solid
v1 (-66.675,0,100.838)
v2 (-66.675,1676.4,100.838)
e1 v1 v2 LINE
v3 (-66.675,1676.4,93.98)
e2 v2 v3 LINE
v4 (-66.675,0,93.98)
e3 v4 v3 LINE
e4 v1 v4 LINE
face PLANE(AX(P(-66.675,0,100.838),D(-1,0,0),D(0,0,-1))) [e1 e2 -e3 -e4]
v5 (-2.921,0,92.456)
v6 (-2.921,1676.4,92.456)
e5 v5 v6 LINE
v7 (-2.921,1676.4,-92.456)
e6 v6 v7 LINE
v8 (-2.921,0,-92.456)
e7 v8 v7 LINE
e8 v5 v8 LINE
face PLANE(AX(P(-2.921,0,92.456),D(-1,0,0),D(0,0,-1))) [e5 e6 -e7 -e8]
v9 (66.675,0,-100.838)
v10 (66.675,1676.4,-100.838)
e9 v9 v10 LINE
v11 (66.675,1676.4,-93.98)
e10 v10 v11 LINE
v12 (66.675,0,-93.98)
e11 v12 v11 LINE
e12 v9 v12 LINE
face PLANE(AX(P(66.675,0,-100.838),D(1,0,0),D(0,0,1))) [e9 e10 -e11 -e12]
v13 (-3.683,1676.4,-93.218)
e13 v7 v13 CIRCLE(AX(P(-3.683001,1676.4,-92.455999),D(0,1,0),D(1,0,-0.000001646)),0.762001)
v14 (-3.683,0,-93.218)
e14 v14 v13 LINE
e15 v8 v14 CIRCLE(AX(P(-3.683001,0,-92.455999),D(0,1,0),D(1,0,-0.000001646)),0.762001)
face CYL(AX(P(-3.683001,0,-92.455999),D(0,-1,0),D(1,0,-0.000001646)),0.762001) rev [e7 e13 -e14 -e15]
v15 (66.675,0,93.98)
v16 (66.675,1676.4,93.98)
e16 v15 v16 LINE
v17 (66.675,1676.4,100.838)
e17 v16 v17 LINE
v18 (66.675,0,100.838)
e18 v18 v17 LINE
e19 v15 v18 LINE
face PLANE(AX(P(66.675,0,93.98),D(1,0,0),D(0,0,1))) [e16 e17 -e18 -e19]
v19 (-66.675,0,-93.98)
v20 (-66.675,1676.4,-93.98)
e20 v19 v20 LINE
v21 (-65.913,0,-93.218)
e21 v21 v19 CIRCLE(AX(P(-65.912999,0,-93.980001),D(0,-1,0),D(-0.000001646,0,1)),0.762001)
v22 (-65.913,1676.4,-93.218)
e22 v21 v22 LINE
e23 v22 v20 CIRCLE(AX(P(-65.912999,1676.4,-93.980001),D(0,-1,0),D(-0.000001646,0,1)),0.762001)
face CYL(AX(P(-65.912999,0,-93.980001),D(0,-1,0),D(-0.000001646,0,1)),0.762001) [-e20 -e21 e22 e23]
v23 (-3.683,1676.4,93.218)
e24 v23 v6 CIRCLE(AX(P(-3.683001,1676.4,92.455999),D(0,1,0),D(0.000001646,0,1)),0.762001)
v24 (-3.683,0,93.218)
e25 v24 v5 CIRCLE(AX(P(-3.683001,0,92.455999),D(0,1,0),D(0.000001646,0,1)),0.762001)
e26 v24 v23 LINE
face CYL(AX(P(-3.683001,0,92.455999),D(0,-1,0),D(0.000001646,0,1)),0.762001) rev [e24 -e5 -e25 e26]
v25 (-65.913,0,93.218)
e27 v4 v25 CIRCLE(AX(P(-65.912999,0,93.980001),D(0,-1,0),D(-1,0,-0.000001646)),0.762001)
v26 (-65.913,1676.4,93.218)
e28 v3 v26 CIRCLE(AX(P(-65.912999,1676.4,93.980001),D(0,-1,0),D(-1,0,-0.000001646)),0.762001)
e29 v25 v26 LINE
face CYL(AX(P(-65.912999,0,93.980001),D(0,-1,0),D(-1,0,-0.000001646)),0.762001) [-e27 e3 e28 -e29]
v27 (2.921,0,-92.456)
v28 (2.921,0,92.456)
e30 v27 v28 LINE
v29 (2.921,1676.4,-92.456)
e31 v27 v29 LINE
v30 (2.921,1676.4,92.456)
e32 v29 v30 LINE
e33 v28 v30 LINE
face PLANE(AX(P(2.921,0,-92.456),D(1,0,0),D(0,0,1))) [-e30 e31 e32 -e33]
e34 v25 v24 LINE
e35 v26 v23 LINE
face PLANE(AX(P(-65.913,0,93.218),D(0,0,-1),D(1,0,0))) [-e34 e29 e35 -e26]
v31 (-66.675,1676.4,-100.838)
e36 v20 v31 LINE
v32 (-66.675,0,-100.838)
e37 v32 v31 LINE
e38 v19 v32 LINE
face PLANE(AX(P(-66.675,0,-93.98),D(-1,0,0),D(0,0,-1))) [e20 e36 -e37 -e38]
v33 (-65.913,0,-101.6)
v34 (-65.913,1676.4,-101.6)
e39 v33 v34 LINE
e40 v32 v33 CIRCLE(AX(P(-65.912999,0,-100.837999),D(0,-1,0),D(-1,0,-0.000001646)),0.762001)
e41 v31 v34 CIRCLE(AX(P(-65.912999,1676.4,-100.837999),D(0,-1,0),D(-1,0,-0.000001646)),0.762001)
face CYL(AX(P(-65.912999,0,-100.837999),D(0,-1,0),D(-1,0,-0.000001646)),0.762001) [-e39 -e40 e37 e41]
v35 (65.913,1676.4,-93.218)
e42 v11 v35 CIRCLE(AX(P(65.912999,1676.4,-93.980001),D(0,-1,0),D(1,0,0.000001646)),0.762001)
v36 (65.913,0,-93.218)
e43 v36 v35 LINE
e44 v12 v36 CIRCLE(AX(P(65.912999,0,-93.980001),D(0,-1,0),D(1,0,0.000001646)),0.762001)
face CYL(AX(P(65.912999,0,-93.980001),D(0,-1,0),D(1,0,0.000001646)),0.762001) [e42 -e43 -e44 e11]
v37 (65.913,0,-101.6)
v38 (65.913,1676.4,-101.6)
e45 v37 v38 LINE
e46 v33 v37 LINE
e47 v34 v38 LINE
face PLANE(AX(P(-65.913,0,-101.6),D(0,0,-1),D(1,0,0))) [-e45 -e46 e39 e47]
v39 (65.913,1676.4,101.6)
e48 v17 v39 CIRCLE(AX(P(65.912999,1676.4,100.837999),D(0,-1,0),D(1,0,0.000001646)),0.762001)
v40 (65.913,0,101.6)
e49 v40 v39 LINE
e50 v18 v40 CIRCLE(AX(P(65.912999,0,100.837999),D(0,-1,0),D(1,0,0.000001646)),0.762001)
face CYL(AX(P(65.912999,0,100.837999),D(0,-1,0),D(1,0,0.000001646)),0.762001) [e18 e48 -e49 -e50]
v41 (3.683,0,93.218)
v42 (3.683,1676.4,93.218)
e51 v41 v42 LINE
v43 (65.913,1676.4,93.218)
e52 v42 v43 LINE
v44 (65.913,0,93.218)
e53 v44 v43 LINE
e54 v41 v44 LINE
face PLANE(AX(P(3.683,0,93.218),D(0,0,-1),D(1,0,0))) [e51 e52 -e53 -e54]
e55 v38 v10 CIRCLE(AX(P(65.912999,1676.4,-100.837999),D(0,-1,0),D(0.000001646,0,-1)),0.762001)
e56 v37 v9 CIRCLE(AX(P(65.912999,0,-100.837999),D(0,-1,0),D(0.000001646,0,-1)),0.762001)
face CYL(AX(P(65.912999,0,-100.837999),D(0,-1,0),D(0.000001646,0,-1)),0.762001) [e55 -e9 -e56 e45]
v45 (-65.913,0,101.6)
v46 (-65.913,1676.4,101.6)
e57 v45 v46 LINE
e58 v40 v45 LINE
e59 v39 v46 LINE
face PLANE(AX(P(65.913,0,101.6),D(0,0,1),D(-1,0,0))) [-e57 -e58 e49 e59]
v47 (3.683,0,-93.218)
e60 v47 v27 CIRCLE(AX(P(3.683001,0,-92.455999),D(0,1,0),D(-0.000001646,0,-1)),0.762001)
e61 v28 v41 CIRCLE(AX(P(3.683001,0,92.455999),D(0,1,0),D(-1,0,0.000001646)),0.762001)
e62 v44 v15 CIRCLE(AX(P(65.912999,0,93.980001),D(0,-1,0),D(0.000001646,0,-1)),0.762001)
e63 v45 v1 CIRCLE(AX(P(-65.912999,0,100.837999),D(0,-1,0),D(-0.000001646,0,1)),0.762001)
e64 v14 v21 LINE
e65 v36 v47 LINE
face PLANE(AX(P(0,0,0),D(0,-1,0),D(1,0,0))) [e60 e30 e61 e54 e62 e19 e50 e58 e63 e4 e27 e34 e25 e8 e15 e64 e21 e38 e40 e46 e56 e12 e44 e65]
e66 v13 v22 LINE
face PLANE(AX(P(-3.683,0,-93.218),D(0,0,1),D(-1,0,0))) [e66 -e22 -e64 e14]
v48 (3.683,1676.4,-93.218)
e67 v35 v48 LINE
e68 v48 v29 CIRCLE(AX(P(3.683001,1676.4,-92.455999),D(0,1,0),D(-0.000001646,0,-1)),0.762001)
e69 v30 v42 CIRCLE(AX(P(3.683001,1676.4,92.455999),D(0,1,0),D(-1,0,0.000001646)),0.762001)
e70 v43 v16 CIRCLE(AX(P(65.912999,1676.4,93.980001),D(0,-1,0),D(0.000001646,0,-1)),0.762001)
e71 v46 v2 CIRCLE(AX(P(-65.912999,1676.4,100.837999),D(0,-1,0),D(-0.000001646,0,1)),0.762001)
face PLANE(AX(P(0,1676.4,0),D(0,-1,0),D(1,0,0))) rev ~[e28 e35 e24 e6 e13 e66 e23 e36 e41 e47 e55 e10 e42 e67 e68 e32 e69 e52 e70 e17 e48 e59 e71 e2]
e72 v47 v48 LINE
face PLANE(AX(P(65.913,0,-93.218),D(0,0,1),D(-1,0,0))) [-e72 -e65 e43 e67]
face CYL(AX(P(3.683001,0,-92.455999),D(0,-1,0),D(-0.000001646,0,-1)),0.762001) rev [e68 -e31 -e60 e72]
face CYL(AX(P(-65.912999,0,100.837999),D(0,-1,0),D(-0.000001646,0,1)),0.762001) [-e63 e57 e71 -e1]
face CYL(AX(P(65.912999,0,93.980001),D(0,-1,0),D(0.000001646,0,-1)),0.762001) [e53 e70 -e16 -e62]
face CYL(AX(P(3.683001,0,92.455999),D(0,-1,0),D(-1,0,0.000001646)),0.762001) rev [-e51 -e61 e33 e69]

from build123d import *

# Parameters (mm, degrees)
F1_DEPTH = 1676.4


with BuildPart() as f1:
    # F0 (on Front) → F1 (new body)
    with BuildSketch(Plane.XZ):
        with BuildLine():
            ThreePointArc((-66.675, 93.98), (-66.451815, 93.441185), (-65.913, 93.218))
            Line((-65.913, 93.218), (-3.683, 93.218))
            ThreePointArc((-3.683, 93.218), (-3.144185, 92.994815), (-2.921, 92.456))
            Line((-2.921, 92.456), (-2.921, -92.456))
            ThreePointArc((-2.921, -92.456), (-3.144185, -92.994815), (-3.683, -93.218))
            Line((-3.683, -93.218), (-65.913, -93.218))
            ThreePointArc((-65.913, -93.218), (-66.451815, -93.441185), (-66.675, -93.98))
            Line((-66.675, -93.98), (-66.675, -100.838))
            ThreePointArc((-66.675, -100.838), (-66.451815, -101.376815), (-65.913, -101.6))
            Line((-65.913, -101.6), (65.913, -101.6))
            ThreePointArc((65.913, -101.6), (66.451815, -101.376815), (66.675, -100.838))
            Line((66.675, -100.838), (66.675, -93.98))
            ThreePointArc((66.675, -93.98), (66.451815, -93.441185), (65.913, -93.218))
            Line((65.913, -93.218), (3.683, -93.218))
            ThreePointArc((3.683, -93.218), (3.144185, -92.994815), (2.921, -92.456))
            Line((2.921, -92.456), (2.921, 92.456))
            ThreePointArc((2.921, 92.456), (3.144185, 92.994815), (3.683, 93.218))
            Line((3.683, 93.218), (65.913, 93.218))
            ThreePointArc((65.913, 93.218), (66.451815, 93.441185), (66.675, 93.98))
            Line((66.675, 93.98), (66.675, 100.838))
            ThreePointArc((66.675, 100.838), (66.451815, 101.376815), (65.913, 101.6))
            Line((65.913, 101.6), (-65.913, 101.6))
            ThreePointArc((-65.913, 101.6), (-66.451815, 101.376815), (-66.675, 100.838))
            Line((-66.675, 100.838), (-66.675, 93.98))
        make_face()
    extrude(amount=-F1_DEPTH)


solid = f1.part
